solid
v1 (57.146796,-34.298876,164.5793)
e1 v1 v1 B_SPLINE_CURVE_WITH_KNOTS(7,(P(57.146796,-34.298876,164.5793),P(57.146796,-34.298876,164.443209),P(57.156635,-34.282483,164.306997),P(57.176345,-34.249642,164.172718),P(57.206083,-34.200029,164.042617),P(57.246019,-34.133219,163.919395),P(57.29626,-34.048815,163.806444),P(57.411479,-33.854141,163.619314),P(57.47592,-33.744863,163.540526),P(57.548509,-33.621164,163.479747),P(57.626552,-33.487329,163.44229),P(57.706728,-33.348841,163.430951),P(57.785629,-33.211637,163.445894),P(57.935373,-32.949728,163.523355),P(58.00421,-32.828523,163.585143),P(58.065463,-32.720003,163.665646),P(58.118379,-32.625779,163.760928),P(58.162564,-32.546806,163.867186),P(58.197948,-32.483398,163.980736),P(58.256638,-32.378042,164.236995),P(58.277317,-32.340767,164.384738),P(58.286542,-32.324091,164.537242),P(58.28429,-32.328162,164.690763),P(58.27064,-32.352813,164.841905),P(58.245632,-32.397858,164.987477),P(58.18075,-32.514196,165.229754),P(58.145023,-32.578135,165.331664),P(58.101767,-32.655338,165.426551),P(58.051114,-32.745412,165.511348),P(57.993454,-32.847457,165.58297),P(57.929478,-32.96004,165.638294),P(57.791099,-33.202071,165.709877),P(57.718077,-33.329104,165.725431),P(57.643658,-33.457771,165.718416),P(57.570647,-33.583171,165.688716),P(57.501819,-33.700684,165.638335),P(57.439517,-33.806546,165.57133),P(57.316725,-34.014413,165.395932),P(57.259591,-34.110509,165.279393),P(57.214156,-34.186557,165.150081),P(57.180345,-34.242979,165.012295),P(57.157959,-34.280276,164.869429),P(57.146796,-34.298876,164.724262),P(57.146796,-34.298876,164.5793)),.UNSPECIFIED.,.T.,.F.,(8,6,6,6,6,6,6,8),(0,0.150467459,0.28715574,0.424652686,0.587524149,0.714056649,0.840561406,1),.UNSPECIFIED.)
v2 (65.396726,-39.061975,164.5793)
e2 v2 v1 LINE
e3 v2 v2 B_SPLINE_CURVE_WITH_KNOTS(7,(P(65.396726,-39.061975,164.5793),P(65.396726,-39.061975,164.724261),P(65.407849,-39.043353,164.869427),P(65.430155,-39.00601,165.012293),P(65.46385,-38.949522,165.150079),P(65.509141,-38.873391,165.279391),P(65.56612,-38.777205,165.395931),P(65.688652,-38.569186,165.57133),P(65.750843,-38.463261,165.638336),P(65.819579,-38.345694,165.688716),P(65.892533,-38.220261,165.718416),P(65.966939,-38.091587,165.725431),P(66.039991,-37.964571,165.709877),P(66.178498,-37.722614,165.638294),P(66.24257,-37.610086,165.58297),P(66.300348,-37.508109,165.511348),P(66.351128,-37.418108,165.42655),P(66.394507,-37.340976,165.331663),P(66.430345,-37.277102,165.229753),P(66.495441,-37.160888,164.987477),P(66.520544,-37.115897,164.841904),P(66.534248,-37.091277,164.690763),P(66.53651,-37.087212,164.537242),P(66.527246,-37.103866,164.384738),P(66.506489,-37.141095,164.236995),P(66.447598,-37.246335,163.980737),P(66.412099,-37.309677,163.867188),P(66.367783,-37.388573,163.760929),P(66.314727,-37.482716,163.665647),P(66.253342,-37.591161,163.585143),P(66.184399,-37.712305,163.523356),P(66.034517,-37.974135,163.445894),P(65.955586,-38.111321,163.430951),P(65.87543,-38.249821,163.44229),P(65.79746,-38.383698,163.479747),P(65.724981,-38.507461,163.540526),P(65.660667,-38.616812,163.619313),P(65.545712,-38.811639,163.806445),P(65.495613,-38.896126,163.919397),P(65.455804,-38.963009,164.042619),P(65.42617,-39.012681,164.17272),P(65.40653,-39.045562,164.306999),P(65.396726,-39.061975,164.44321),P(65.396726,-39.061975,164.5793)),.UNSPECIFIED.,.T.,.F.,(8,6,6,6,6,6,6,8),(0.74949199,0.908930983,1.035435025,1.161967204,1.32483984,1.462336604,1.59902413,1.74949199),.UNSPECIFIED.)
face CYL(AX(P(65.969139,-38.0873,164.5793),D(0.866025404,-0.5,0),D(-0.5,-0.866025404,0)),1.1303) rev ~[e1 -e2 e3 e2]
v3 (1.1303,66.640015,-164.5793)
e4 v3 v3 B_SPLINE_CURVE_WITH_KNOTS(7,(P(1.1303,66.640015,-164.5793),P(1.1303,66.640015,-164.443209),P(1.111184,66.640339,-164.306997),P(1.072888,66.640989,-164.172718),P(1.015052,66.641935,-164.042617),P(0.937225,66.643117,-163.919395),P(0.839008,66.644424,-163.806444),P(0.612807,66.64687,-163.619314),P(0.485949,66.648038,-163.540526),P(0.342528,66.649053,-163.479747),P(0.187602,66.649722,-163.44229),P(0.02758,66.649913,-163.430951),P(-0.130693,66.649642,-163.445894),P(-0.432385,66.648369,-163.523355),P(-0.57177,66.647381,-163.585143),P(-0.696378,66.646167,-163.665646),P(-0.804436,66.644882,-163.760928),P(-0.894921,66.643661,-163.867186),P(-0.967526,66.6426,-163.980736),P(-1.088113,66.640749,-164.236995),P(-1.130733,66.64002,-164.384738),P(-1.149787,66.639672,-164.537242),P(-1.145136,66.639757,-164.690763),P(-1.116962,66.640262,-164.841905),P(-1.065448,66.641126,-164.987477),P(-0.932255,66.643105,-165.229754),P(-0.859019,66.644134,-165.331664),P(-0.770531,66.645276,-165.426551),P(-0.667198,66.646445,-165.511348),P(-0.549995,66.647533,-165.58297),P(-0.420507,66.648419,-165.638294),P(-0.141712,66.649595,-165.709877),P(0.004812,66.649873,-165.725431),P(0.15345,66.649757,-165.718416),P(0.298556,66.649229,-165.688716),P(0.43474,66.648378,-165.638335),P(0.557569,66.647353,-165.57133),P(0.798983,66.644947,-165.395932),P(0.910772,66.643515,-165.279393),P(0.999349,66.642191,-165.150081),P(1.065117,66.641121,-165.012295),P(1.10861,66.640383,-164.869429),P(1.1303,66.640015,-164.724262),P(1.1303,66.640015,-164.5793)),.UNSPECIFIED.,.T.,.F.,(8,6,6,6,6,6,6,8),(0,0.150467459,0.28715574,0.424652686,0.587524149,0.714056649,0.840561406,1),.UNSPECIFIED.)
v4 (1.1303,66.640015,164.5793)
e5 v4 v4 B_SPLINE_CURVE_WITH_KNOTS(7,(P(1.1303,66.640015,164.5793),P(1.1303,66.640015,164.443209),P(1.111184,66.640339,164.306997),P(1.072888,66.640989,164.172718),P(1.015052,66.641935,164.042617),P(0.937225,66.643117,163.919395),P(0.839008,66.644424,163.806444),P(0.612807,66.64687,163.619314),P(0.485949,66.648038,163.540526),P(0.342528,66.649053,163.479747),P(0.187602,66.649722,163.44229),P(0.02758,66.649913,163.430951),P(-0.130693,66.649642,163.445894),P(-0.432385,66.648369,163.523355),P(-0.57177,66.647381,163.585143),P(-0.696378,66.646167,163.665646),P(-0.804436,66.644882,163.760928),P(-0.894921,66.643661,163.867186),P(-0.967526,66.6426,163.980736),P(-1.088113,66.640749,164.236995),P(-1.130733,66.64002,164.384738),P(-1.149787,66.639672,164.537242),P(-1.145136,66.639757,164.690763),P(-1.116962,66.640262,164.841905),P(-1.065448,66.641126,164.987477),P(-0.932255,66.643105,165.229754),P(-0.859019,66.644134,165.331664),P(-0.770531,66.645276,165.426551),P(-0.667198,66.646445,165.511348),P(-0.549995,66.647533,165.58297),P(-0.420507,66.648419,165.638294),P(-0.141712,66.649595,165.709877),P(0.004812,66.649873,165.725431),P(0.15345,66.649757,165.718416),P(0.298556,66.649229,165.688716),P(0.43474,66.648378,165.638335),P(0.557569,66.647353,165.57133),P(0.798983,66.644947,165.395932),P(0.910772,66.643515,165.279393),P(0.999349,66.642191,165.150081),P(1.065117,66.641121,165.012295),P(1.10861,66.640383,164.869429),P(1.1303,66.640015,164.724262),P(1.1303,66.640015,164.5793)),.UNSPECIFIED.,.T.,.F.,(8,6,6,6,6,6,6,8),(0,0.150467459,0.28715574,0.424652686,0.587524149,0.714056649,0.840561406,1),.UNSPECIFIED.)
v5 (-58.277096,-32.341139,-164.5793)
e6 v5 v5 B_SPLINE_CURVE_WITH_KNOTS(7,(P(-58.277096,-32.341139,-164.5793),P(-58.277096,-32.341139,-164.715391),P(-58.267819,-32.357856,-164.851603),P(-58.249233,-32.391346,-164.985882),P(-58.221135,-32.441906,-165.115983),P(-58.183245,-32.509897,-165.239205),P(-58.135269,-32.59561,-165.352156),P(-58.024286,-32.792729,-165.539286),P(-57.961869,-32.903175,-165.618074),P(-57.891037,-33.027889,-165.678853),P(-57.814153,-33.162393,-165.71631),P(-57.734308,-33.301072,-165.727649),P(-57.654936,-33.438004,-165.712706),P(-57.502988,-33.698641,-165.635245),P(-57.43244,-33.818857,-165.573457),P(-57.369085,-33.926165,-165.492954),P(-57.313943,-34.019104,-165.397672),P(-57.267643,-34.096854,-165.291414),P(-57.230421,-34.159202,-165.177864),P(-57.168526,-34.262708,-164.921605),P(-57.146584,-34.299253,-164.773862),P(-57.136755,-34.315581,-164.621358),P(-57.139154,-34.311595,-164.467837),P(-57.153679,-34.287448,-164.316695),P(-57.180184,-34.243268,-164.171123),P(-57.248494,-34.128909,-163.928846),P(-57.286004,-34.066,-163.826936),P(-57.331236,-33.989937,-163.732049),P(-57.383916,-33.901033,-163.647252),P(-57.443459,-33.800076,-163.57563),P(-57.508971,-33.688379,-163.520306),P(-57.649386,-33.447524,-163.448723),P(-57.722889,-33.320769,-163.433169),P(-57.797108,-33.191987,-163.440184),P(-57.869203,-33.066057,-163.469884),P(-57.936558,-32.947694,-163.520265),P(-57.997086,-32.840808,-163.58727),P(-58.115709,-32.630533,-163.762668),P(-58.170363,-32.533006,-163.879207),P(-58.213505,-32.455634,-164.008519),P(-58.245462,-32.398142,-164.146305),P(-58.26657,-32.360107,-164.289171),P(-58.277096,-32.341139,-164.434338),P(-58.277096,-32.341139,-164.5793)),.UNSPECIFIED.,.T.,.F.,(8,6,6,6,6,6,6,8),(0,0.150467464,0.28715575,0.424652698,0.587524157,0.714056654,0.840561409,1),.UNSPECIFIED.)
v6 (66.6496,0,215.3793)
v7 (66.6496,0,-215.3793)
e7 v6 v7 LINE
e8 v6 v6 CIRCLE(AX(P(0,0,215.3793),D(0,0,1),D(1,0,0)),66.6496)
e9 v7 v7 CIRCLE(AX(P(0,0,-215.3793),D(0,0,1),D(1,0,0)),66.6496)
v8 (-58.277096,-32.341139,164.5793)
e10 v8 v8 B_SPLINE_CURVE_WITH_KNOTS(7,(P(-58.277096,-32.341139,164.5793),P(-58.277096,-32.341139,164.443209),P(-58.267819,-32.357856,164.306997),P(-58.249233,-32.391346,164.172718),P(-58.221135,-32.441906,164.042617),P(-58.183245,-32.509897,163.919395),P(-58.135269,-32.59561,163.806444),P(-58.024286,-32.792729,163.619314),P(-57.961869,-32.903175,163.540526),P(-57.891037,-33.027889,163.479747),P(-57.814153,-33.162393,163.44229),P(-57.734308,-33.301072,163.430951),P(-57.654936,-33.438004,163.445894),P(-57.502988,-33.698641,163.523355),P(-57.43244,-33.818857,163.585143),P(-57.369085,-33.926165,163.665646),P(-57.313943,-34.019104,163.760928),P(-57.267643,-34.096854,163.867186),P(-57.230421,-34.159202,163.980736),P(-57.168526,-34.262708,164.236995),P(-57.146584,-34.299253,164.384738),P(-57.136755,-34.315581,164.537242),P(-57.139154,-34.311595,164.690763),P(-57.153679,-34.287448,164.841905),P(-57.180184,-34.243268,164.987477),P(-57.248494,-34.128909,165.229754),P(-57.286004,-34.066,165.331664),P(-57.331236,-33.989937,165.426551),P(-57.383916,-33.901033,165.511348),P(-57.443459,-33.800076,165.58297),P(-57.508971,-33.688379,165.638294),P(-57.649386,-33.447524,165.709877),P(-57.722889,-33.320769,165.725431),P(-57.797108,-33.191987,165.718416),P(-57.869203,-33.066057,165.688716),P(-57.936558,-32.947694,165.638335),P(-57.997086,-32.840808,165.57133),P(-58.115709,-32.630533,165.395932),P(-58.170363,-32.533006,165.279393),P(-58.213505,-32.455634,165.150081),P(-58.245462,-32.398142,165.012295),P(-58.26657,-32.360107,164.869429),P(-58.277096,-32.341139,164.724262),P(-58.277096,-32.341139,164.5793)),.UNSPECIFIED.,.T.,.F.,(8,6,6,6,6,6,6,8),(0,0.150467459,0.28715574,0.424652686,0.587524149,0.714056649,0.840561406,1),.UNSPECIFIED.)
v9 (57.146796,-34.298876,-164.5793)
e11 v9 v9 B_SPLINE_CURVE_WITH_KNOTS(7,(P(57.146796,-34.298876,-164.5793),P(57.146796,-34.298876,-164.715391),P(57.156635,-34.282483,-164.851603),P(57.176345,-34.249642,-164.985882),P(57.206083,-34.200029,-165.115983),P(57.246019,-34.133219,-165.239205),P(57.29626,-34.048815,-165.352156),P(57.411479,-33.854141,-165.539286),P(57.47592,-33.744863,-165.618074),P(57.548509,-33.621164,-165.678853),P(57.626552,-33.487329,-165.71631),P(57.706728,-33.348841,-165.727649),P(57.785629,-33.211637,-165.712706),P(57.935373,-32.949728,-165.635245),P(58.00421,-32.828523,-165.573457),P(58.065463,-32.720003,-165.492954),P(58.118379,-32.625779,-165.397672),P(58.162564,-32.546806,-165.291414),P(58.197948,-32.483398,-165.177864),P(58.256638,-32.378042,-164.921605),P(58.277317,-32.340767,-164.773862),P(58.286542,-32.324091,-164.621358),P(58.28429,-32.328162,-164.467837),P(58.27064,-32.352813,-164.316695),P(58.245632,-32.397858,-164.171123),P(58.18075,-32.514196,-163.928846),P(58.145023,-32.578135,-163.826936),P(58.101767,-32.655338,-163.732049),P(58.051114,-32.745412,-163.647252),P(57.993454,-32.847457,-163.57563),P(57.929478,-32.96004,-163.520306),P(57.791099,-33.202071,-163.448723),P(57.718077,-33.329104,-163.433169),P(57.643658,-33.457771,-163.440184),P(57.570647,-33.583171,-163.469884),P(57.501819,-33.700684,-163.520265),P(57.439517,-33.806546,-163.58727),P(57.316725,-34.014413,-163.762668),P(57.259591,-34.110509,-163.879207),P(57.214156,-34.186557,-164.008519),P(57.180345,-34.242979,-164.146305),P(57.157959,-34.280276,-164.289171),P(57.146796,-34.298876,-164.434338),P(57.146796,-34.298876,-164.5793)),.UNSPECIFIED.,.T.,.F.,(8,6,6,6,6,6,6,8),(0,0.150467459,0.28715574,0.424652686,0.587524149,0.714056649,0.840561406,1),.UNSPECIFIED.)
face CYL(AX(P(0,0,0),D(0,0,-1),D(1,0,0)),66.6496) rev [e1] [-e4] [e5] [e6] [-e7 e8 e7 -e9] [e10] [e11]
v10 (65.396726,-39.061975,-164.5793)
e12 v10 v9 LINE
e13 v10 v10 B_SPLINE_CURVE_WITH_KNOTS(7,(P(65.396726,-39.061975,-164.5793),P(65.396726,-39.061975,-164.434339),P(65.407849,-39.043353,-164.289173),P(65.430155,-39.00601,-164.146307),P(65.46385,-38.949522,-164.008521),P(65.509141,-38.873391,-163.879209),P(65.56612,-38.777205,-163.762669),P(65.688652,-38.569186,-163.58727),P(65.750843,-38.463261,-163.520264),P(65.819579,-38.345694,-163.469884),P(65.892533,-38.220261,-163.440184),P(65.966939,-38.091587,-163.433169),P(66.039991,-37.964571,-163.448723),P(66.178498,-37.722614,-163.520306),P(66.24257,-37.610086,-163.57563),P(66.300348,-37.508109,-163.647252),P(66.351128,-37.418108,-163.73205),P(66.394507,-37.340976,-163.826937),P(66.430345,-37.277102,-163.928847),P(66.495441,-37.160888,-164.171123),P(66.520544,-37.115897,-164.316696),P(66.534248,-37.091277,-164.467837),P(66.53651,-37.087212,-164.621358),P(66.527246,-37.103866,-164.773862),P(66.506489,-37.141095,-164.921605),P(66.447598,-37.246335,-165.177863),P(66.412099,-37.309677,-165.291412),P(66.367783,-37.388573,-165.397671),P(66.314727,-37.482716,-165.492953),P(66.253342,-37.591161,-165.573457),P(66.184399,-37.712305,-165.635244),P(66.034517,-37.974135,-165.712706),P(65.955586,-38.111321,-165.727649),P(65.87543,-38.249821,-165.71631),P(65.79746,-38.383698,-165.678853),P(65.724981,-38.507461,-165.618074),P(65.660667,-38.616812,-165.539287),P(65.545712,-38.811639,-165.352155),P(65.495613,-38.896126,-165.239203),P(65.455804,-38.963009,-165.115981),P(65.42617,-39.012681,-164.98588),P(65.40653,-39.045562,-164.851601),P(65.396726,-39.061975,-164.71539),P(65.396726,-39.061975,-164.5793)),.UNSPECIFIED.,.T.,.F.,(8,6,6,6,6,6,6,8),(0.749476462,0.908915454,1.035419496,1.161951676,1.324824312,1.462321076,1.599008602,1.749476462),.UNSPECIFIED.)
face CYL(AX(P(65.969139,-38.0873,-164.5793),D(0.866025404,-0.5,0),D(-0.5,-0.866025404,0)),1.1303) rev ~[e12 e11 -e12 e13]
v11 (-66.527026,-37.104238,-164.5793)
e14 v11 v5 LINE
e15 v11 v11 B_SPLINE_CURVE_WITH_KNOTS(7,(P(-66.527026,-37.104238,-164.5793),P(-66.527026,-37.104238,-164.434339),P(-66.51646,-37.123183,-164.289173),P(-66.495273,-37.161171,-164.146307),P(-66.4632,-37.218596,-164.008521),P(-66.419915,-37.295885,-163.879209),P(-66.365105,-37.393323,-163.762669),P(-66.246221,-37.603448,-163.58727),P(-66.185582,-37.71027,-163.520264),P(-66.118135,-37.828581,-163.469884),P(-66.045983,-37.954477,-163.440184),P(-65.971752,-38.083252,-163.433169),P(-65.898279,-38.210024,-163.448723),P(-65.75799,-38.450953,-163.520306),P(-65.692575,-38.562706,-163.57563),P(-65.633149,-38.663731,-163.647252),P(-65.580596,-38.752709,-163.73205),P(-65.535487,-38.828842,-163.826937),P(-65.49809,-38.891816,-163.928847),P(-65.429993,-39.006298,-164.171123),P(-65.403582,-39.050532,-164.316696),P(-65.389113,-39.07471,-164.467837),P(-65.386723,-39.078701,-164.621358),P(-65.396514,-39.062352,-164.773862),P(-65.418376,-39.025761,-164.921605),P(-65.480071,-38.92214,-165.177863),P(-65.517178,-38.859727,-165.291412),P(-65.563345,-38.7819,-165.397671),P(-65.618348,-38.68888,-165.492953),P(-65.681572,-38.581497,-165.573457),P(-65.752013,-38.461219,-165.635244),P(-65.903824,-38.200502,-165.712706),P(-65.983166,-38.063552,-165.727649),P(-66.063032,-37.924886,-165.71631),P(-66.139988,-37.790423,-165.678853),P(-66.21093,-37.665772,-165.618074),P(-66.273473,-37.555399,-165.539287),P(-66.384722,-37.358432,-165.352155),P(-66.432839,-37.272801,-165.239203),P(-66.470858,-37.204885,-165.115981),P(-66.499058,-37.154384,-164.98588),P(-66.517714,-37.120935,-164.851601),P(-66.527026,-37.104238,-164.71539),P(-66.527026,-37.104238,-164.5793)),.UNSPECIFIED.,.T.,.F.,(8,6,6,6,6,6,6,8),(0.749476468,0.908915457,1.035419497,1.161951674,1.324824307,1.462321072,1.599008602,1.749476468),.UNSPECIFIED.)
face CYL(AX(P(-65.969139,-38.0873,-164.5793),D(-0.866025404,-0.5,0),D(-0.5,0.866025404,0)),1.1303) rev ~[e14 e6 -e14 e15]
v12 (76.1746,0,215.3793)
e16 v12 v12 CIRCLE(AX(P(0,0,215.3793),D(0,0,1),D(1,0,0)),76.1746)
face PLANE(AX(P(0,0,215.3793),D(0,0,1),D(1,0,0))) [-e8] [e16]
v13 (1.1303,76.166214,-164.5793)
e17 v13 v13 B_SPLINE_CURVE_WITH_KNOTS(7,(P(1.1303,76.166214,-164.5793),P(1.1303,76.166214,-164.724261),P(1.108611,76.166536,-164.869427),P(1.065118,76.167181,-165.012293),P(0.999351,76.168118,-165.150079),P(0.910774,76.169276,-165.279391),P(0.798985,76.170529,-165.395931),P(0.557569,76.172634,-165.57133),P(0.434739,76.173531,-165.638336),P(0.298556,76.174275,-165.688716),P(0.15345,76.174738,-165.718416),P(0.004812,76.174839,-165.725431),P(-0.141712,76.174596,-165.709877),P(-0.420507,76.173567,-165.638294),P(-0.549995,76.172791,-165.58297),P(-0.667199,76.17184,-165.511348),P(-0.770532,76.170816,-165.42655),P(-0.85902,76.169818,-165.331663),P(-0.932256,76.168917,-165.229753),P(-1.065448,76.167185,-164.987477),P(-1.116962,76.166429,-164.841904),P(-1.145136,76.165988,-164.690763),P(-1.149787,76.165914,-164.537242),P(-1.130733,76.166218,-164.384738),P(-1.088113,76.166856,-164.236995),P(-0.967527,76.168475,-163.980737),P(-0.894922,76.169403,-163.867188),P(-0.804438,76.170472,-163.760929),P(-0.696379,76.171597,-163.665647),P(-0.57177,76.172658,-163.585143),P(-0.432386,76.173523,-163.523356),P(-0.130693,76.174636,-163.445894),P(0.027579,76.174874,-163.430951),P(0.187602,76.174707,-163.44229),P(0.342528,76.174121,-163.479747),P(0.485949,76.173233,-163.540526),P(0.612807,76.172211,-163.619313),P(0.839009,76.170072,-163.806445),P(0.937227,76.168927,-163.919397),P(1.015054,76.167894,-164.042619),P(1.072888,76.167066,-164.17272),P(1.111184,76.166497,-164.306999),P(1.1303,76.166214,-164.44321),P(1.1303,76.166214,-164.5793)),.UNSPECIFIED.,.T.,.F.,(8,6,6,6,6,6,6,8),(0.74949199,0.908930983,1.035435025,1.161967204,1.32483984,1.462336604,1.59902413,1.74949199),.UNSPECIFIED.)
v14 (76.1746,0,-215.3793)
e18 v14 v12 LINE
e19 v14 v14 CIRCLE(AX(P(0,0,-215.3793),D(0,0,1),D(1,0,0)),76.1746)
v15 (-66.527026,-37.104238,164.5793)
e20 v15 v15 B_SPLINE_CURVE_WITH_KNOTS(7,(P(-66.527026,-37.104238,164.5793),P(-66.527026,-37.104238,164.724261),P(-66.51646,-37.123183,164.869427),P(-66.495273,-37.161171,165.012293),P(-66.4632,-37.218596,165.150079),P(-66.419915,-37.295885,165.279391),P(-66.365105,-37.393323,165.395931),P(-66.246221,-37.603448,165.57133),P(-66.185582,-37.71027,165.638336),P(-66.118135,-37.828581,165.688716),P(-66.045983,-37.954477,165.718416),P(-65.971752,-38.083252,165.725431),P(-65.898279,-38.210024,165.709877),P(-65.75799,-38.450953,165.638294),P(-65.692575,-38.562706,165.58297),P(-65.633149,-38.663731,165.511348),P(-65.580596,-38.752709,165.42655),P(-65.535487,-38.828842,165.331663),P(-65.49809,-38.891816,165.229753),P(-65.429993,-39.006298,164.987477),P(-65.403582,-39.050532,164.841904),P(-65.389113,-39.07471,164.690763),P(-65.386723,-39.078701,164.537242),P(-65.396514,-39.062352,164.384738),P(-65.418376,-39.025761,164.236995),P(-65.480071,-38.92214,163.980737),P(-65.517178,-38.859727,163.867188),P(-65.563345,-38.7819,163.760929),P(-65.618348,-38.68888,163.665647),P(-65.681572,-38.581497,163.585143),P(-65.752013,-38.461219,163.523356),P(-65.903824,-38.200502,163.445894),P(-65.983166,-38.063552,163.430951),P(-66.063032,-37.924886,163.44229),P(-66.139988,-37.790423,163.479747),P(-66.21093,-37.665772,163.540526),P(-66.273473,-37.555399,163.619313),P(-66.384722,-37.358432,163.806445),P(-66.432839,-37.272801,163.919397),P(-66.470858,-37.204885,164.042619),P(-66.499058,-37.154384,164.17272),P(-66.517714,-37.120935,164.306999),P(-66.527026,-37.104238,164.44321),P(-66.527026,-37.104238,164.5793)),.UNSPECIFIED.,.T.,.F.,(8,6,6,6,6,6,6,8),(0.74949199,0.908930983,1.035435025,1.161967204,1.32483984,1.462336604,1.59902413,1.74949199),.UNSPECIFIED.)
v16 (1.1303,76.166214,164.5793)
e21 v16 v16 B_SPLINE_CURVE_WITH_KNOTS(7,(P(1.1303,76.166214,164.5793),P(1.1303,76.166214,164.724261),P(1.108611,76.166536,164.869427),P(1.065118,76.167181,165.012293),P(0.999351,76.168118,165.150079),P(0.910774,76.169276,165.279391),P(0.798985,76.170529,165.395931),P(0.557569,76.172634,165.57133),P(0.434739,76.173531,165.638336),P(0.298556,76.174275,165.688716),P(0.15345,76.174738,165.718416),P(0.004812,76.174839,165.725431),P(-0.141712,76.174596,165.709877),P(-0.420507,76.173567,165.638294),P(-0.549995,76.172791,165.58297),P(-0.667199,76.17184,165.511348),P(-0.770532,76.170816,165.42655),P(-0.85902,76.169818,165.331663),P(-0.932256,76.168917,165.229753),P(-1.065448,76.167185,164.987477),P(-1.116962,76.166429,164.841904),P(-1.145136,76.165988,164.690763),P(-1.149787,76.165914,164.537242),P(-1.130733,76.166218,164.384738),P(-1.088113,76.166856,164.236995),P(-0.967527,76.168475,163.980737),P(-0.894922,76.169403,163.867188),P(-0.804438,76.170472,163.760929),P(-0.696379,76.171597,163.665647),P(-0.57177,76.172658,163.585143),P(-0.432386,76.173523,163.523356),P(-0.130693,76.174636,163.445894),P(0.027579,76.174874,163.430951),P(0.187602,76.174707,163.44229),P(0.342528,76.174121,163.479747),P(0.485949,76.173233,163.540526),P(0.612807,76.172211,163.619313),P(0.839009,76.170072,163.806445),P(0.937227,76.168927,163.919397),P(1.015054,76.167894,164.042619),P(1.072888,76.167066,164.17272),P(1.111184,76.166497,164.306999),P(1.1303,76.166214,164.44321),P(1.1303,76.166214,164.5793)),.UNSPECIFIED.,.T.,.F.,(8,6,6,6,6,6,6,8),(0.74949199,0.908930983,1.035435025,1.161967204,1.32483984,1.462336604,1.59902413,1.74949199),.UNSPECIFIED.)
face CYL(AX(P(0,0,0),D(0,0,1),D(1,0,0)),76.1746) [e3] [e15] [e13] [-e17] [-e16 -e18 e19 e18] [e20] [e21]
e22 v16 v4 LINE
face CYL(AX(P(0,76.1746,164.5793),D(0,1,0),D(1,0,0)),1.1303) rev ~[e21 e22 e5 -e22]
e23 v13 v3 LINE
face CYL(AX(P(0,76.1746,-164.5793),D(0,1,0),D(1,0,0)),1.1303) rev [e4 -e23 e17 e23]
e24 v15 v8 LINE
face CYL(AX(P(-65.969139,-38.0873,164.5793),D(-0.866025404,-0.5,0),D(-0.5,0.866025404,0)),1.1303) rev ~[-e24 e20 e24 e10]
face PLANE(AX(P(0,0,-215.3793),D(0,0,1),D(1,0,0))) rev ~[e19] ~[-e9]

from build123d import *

# Parameters (mm, degrees)
SKETCH1_R                  = 76.1746
SKETCH1_R_2                = 66.6496
BOSS_EXTRUDE1_DEPTH        = 215.3793
F_4_40_TAPPED_HOLE1_REACH  = 418.391
F_4_40_TAPPED_HOLE1_BORE_R = 1.1303
CIRPATTERN1_COUNT          = 3
MIRROR1_COPY_1_REACH       = 418.391
MIRROR1_COPY_1_SKETCH_R    = 1.1303
MIRROR1_COPY_2_REACH       = 418.391
MIRROR1_COPY_2_SKETCH_R    = 1.1303


with BuildPart() as part:
    # Sketch1 → Boss-Extrude1 (new, symmetric)
    with BuildSketch(Plane.XY):
        Circle(SKETCH1_R)
        Circle(SKETCH1_R_2, mode=Mode.SUBTRACT)
    extrude(amount=BOSS_EXTRUDE1_DEPTH, both=True)

    # #4-40 Tapped Hole1 bore (on position points) → #4-40 Tapped Hole1 (cut, up to next)
    with BuildSketch(Plane(origin=(0, 76.1746, 164.5793), x_dir=(1, 0, 0), z_dir=(0, 1, 0)), mode=Mode.PRIVATE) as f_4_40_tapped_hole1_sk1:
        Circle(F_4_40_TAPPED_HOLE1_BORE_R)
    f_4_40_tapped_hole1_tool1 = extrude(f_4_40_tapped_hole1_sk1.sketch, amount=-F_4_40_TAPPED_HOLE1_REACH, mode=Mode.PRIVATE) & part.part
    f_4_40_tapped_hole1 = f_4_40_tapped_hole1_tool1.solids().sort_by_distance((0, 76.1746, 164.5793))[0]
    add(f_4_40_tapped_hole1, mode=Mode.SUBTRACT)

    # CirPattern1: #4-40 Tapped Hole1 ×3 about axis
    cirpattern1_axis = Axis((0, 0, 215.3793), (0, 0, 1))
    for i in range(1, CIRPATTERN1_COUNT):
        add(f_4_40_tapped_hole1.rotate(cirpattern1_axis, i * 360 / CIRPATTERN1_COUNT), mode=Mode.SUBTRACT)

    # Mirror1: #4-40 Tapped Hole1 across plane
    add(f_4_40_tapped_hole1.mirror(Plane.XY), mode=Mode.SUBTRACT)

    # Mirror1 copy 1 sketch → Mirror1 copy 1 (cut, up to next)
    with BuildSketch(Plane(origin=(-65.969138723, -38.0873, -164.5793), x_dir=(-0.4999999999999998, 0.8660254037844387, 0), z_dir=(-0.8660254037844387, -0.4999999999999998, 0)), mode=Mode.PRIVATE) as mirror1_copy_1_sk1:
        Circle(MIRROR1_COPY_1_SKETCH_R)
    mirror1_copy_1_tool1 = extrude(mirror1_copy_1_sk1.sketch, amount=-MIRROR1_COPY_1_REACH, mode=Mode.PRIVATE) & part.part
    add(mirror1_copy_1_tool1.solids().sort_by_distance((-65.969138723, -38.0873, -164.5793))[0], mode=Mode.SUBTRACT)

    # Mirror1 copy 2 sketch → Mirror1 copy 2 (cut, up to next)
    with BuildSketch(Plane(origin=(65.969138723, -38.0873, -164.5793), x_dir=(-0.5000000000000004, -0.8660254037844384, 0), z_dir=(0.8660254037844384, -0.5000000000000004, 0)), mode=Mode.PRIVATE) as mirror1_copy_2_sk1:
        Circle(MIRROR1_COPY_2_SKETCH_R)
    mirror1_copy_2_tool1 = extrude(mirror1_copy_2_sk1.sketch, amount=-MIRROR1_COPY_2_REACH, mode=Mode.PRIVATE) & part.part
    add(mirror1_copy_2_tool1.solids().sort_by_distance((65.969138723, -38.0873, -164.5793))[0], mode=Mode.SUBTRACT)


solid = part.part
